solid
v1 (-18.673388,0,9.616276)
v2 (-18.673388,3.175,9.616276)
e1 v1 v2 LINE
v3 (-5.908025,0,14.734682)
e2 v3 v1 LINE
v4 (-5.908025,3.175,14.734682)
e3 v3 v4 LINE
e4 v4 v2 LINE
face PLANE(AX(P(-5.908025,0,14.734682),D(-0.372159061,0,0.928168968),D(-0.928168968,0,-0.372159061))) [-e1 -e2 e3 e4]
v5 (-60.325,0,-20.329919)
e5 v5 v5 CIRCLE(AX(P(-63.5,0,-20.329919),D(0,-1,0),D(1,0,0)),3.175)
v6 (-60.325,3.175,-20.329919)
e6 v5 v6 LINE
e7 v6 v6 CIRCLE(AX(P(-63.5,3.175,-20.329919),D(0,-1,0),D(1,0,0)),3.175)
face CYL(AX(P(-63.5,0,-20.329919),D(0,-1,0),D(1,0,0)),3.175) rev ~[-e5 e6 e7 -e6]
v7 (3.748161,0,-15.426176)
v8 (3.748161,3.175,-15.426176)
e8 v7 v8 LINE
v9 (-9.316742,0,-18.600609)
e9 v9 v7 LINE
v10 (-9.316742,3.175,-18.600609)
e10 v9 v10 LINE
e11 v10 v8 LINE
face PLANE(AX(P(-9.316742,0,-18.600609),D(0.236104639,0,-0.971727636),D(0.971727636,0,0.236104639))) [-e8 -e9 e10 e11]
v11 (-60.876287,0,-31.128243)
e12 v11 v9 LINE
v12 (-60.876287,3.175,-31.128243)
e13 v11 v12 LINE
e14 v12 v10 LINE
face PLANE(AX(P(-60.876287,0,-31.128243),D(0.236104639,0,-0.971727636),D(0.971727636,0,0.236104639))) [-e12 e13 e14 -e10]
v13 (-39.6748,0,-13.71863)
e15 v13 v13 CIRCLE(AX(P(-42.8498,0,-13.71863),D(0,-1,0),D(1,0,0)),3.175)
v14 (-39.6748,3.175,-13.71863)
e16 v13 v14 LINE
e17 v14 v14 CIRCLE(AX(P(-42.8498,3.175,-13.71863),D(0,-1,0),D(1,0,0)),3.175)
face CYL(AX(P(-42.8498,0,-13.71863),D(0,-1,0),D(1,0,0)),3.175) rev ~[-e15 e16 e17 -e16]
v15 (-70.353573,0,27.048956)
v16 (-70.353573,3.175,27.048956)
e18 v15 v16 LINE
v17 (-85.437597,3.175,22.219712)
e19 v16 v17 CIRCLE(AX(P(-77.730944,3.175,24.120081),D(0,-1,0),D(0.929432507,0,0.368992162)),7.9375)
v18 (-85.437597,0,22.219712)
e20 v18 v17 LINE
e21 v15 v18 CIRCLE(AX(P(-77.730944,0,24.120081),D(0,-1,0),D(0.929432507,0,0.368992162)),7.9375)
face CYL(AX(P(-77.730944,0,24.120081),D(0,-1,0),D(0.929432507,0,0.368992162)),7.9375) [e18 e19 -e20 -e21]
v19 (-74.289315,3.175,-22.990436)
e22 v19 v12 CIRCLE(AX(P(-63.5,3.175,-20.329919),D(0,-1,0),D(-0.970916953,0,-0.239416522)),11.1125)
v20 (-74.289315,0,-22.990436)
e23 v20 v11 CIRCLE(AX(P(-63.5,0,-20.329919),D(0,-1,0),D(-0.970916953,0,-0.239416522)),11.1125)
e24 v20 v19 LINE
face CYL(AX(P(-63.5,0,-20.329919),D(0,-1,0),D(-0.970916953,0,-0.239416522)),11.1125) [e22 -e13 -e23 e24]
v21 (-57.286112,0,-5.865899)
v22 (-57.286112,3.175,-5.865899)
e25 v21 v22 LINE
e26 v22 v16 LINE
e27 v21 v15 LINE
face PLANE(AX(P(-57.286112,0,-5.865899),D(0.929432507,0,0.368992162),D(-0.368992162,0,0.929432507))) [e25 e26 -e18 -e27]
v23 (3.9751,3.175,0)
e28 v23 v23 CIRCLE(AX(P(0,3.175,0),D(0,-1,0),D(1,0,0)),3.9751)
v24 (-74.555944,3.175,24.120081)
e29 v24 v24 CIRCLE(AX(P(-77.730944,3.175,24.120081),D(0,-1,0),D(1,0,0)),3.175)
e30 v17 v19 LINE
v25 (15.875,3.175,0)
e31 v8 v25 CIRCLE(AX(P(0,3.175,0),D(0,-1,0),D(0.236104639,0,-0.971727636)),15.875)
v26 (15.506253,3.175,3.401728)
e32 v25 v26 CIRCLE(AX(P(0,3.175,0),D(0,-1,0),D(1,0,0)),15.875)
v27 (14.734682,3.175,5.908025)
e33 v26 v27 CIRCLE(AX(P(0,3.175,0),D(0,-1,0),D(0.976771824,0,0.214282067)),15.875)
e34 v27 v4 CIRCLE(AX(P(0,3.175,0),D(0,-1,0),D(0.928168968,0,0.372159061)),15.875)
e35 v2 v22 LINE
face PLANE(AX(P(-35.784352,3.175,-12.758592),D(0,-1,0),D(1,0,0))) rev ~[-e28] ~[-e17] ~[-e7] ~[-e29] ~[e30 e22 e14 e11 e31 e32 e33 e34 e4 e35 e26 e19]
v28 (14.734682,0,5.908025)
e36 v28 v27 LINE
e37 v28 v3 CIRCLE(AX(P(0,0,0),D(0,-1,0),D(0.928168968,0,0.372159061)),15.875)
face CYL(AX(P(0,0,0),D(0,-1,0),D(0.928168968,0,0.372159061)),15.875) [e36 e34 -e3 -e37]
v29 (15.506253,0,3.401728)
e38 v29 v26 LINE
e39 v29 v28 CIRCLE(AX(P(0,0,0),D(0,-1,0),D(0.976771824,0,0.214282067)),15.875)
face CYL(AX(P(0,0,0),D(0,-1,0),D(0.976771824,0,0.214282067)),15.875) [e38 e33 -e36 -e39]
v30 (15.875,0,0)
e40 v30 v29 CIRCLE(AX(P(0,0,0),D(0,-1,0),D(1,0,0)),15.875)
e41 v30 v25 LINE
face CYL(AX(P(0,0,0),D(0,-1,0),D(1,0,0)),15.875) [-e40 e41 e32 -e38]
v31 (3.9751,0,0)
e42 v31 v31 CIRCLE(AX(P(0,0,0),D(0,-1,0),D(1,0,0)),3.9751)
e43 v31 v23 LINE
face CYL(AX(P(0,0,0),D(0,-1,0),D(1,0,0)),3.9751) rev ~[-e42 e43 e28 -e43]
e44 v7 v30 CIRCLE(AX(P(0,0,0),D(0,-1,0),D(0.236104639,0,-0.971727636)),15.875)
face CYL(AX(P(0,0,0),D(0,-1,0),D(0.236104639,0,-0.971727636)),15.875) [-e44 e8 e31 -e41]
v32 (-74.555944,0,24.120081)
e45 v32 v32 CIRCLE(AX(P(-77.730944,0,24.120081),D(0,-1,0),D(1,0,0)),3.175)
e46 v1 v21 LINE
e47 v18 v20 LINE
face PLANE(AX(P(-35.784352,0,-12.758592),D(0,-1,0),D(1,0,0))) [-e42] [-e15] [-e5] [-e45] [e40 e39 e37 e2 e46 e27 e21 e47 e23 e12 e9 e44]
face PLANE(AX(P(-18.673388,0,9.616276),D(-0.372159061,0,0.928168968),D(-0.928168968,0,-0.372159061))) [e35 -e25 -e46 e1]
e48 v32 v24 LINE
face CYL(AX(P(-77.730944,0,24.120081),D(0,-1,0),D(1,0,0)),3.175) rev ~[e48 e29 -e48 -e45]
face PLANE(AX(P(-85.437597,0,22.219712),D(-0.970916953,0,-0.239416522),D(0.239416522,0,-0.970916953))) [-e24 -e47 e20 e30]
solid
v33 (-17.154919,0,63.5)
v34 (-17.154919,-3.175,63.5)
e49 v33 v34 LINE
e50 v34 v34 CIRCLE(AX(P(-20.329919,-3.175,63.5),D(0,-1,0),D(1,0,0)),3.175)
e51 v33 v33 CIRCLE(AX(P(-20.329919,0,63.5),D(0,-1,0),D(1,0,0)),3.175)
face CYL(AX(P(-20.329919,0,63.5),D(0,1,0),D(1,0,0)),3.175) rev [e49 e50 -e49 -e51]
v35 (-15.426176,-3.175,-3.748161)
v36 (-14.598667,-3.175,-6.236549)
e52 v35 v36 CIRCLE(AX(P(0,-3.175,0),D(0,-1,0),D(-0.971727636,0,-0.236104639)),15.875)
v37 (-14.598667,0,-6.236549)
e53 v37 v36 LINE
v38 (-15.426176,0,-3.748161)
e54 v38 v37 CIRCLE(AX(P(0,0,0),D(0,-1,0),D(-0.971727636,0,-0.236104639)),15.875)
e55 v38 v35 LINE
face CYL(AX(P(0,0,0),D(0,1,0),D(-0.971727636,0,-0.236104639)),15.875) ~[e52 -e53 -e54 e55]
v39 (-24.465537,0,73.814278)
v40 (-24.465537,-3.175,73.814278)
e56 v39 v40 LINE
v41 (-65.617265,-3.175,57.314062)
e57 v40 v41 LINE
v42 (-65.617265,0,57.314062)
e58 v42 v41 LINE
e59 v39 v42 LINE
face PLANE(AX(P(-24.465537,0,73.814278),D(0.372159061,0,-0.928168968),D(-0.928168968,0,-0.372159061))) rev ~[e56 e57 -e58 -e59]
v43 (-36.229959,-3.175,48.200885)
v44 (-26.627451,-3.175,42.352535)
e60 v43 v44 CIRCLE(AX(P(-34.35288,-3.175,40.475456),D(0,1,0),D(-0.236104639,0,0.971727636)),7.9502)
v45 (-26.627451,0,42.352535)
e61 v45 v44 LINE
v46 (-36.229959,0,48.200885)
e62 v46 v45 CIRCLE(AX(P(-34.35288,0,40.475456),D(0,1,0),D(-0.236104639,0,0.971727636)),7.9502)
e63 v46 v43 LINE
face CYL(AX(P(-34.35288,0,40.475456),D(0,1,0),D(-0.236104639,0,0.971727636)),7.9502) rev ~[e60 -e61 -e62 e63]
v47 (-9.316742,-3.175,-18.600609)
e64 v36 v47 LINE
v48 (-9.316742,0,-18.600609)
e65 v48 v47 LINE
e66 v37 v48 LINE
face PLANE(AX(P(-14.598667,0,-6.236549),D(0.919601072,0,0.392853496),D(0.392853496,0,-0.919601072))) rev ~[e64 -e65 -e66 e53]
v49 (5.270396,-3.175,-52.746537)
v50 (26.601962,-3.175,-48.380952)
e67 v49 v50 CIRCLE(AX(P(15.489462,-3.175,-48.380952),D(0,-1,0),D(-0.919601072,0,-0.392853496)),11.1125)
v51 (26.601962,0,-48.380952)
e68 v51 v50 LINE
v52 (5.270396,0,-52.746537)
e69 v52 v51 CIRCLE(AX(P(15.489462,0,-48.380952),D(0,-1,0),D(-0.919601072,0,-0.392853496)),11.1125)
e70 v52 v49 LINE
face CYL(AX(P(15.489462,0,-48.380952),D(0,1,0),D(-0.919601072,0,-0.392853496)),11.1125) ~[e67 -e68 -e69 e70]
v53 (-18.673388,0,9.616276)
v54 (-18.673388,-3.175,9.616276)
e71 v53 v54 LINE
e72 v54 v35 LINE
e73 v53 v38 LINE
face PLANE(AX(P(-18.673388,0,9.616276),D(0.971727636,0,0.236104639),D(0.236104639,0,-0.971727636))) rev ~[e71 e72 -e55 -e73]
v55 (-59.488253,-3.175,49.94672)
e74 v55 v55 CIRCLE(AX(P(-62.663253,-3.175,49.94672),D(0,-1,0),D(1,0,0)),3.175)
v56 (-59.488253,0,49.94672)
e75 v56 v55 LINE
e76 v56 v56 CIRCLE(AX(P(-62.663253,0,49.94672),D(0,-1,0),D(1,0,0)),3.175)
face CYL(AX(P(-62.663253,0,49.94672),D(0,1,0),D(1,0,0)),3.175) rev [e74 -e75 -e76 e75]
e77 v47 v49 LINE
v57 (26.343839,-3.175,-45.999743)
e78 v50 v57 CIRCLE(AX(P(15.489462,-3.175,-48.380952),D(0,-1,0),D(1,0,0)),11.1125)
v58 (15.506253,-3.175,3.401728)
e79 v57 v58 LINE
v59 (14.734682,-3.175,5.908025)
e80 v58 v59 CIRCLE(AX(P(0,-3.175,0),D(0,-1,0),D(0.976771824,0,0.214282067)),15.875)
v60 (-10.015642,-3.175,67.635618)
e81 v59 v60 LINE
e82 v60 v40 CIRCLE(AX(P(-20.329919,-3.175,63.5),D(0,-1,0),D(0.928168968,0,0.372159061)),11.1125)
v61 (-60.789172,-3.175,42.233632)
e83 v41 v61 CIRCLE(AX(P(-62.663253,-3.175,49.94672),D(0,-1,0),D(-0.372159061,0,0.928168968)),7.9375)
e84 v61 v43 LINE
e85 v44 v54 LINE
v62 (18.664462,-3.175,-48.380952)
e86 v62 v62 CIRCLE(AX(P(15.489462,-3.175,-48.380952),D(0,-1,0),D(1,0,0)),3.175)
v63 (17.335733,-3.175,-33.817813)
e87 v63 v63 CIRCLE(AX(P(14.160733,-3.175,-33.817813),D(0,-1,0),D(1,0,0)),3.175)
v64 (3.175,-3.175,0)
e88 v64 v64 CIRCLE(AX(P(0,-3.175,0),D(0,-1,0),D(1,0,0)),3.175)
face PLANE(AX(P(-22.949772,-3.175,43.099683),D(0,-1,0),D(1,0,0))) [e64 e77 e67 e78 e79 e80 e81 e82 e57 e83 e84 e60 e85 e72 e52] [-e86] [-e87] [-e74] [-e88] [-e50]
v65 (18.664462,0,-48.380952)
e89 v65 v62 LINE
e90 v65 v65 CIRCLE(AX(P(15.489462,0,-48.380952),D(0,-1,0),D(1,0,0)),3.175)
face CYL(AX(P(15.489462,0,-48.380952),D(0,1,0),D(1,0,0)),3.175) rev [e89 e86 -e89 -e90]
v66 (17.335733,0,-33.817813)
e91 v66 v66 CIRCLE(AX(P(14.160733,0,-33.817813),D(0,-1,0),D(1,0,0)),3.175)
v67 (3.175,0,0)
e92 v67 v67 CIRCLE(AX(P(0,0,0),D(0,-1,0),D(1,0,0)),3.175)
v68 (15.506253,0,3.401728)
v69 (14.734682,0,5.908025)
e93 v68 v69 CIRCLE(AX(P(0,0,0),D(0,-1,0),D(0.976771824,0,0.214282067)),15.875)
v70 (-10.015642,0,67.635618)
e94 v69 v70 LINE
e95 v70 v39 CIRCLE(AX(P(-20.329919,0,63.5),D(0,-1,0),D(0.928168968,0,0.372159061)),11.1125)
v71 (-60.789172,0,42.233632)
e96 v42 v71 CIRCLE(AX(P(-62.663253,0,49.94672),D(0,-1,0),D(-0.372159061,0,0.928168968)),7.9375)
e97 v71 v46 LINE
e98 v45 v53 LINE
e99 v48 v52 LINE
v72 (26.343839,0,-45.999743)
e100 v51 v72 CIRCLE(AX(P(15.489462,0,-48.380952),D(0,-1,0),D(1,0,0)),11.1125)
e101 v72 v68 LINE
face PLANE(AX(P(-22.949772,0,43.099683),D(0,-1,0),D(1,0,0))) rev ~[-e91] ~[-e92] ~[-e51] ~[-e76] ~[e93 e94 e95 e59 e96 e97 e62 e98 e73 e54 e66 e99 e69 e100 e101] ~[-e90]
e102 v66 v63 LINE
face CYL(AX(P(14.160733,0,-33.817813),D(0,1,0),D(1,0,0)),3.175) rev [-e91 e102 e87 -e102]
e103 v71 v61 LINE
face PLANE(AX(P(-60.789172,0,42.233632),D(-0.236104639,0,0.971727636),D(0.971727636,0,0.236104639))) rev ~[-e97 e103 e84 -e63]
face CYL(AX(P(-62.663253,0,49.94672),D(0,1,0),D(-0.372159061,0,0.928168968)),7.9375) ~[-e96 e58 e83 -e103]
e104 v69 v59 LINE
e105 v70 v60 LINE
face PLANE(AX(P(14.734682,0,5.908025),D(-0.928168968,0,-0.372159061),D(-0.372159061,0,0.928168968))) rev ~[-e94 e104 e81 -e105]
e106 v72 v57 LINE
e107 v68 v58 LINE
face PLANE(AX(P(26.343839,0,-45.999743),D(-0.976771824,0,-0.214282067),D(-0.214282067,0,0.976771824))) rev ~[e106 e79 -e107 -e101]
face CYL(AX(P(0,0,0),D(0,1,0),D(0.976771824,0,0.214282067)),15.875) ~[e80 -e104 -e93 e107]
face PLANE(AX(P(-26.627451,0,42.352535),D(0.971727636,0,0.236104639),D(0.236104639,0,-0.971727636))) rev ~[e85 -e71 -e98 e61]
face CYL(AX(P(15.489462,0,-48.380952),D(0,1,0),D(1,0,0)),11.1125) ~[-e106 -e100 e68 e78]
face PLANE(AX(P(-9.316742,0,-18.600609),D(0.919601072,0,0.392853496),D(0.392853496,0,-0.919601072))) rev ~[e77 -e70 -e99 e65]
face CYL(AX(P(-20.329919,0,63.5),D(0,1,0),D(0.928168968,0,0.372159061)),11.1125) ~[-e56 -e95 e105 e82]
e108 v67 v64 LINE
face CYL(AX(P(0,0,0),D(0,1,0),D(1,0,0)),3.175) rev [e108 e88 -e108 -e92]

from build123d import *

# Parameters (mm, degrees)
F0_R     = 3.175
F0_R_2   = 3.9751
F1_DEPTH = 3.175
F2_DEPTH = 3.175


with BuildPart() as f1:
    # F0 (on Front) → F1 (new body)
    with BuildSketch(Plane.XZ):
        with BuildLine():
            ThreePointArc((-65.6172653325, 57.3140615488), (-58.215982182, 56.5213450997), (-54.7257527872, 49.9467203641))
            ThreePointArc((-54.7257527872, 49.9467203641), (-56.4230836871, 45.0411932922), (-60.7891722147, 42.2336322499))
            Line((-60.7891722147, 42.2336322499), (-36.2299590675, 48.2008847372))
            ThreePointArc((-36.2299590675, 48.2008847372), (-30.217472055, 47.2654543159), (-26.6274509109, 42.3525347834))
            Line((-26.6274509109, 42.3525347834), (-18.6733882929, 9.6162764074))
            Line((-18.6733882929, 9.6162764074), (-5.9080250905, 14.7346823695))
            ThreePointArc((-5.9080250905, 14.7346823695), (6.2413892171, 14.596598427), (14.7346823695, 5.9080250905))
            Line((14.7346823695, 5.9080250905), (-10.0156417952, 67.6356175634))
            ThreePointArc((-10.0156417952, 67.6356175634), (-9.418799742, 65.6059731442), (-9.2174194538, 63.5))
            ThreePointArc((-9.2174194538, 63.5), (-26.5560983011, 54.2955253702), (-24.4655370172, 73.8142776586))
            Line((-24.4655370172, 73.8142776586), (-65.6172653325, 57.3140615488))
        make_face()
        with BuildLine():
            Line((26.343839333, -45.9997429117), (15.5062527029, 3.4017278132))
            ThreePointArc((15.5062527029, 3.4017278132), (15.7825439435, 1.7108277736), (15.875, 0))
            ThreePointArc((15.875, 0), (12.4803382001, -9.8110541438), (3.748161145, -15.4261762285))
            Line((3.748161145, -15.4261762285), (-9.3167417356, -18.6006091284))
            Line((-9.3167417356, -18.6006091284), (5.270395532, -52.7465368502))
            ThreePointArc((5.270395532, -52.7465368502), (12.1011425321, -37.7976190476), (26.343839333, -45.9997429117))
        make_face()
        with Locations((14.1607330189, -33.8178133593)):
            Circle(F0_R, mode=Mode.SUBTRACT)
        with BuildLine():
            ThreePointArc((15.5062527029, 3.4017278132), (15.1723076697, 4.6708355759), (14.7346823695, 5.9080250905))
            ThreePointArc((14.7346823695, 5.9080250905), (6.2413892171, 14.596598427), (-5.9080250905, 14.7346823695))
            ThreePointArc((-5.9080250905, 14.7346823695), (-14.1135010743, 7.2680611187), (-15.4261762285, -3.748161145))
            ThreePointArc((-15.4261762285, -3.748161145), (-15.0638913216, -5.0094713546), (-14.598667013, -6.2365492417))
            ThreePointArc((-14.598667013, -6.2365492417), (-7.1095485396, -14.1940108695), (3.748161145, -15.4261762285))
            ThreePointArc((3.748161145, -15.4261762285), (12.4803382001, -9.8110541438), (15.875, 0))
            ThreePointArc((15.875, 0), (15.7825439435, 1.7108277736), (15.5062527029, 3.4017278132))
        make_face()
        Circle(F0_R_2, mode=Mode.SUBTRACT)
        Circle(F0_R_2)
        Circle(F0_R, mode=Mode.SUBTRACT)
        with BuildLine():
            ThreePointArc((26.601962441, -48.380952381), (26.5372432015, -47.1833729394), (26.343839333, -45.9997429117))
            ThreePointArc((26.343839333, -45.9997429117), (12.1011425321, -37.7976190476), (5.270395532, -52.7465368502))
            ThreePointArc((5.270395532, -52.7465368502), (17.7174969137, -59.2678031027), (26.601962441, -48.380952381))
        make_face()
        with Locations((15.489462441, -48.380952381)):
            Circle(F0_R, mode=Mode.SUBTRACT)
        with BuildLine():
            ThreePointArc((-10.0156417952, 67.6356175634), (-15.9609470018, 73.7176188989), (-24.4655370172, 73.8142776586))
            ThreePointArc((-24.4655370172, 73.8142776586), (-26.5560983011, 54.2955253702), (-9.2174194538, 63.5))
            ThreePointArc((-9.2174194538, 63.5), (-9.418799742, 65.6059731442), (-10.0156417952, 67.6356175634))
        make_face()
        with Locations((-20.3299194538, 63.5)):
            Circle(F0_R, mode=Mode.SUBTRACT)
        with BuildLine():
            ThreePointArc((-60.7891722147, 42.2336322499), (-56.4230836871, 45.0411932922), (-54.7257527872, 49.9467203641))
            ThreePointArc((-54.7257527872, 49.9467203641), (-58.215982182, 56.5213450997), (-65.6172653325, 57.3140615488))
            ThreePointArc((-65.6172653325, 57.3140615488), (-70.2227765967, 47.5264918577), (-60.7891722147, 42.2336322499))
        make_face()
        with Locations((-62.6632527872, 49.9467203641)):
            Circle(F0_R, mode=Mode.SUBTRACT)
        with BuildLine():
            Line((-5.9080250905, 14.7346823695), (-18.6733882929, 9.6162764074))
            Line((-18.6733882929, 9.6162764074), (-15.4261762285, -3.748161145))
            ThreePointArc((-15.4261762285, -3.748161145), (-14.1135010743, 7.2680611187), (-5.9080250905, 14.7346823695))
        make_face()
        with BuildLine():
            ThreePointArc((3.748161145, -15.4261762285), (-7.1095485396, -14.1940108695), (-14.598667013, -6.2365492417))
            Line((-14.598667013, -6.2365492417), (-9.3167417356, -18.6006091284))
            Line((-9.3167417356, -18.6006091284), (3.748161145, -15.4261762285))
        make_face()
    extrude(amount=F1_DEPTH)


with BuildPart() as f2:
    # F0 (on Front) → F2 (new body)
    with BuildSketch(Plane.XZ):
        with BuildLine():
            Line((-15.4261762285, -3.748161145), (-18.6733882929, 9.6162764074))
            Line((-18.6733882929, 9.6162764074), (-57.2861116204, -5.8658990826))
            Line((-57.2861116204, -5.8658990826), (-53.1716812698, -16.2294940542))
            ThreePointArc((-53.1716812698, -16.2294940542), (-52.5853058188, -18.2425509716), (-52.3875, -20.3299194538))
            ThreePointArc((-52.3875, -20.3299194538), (-54.7637632599, -27.1976573545), (-60.8762871985, -31.1282428138))
            Line((-60.8762871985, -31.1282428138), (-9.3167417356, -18.6006091284))
            Line((-9.3167417356, -18.6006091284), (-14.598667013, -6.2365492417))
            ThreePointArc((-14.598667013, -6.2365492417), (-15.0638913216, -5.0094713546), (-15.4261762285, -3.748161145))
        make_face()
        with Locations((-42.8498, -13.7186296475)):
            Circle(F0_R, mode=Mode.SUBTRACT)
        with BuildLine():
            Line((-67.6356175634, -10.0156417952), (-57.2861116204, -5.8658990826))
            Line((-57.2861116204, -5.8658990826), (-70.3535730961, 27.0489558316))
            ThreePointArc((-70.3535730961, 27.0489558316), (-69.9347334883, 25.6110580334), (-69.7934436177, 24.1200805462))
            ThreePointArc((-69.7934436177, 24.1200805462), (-76.7737744608, 16.2405035616), (-85.4375969292, 22.2197119014))
            Line((-85.4375969292, 22.2197119014), (-74.2893146361, -22.9904355564))
            ThreePointArc((-74.2893146361, -22.9904355564), (-73.3881099598, -15.2591268459), (-67.6356175634, -10.0156417952))
        make_face()
        with BuildLine():
            ThreePointArc((-52.3875, -20.3299194538), (-52.5853058188, -18.2425509716), (-53.1716812698, -16.2294940542))
            ThreePointArc((-53.1716812698, -16.2294940542), (-59.1136145963, -10.1197637577), (-67.6356175634, -10.0156417952))
            ThreePointArc((-67.6356175634, -10.0156417952), (-73.3881099598, -15.2591268459), (-74.2893146361, -22.9904355564))
            ThreePointArc((-74.2893146361, -22.9904355564), (-69.2641339393, -29.8305729145), (-60.8762871985, -31.1282428138))
            ThreePointArc((-60.8762871985, -31.1282428138), (-54.7637632599, -27.1976573545), (-52.3875, -20.3299194538))
        make_face()
        with Locations((-63.5, -20.3299194538)):
            Circle(F0_R, mode=Mode.SUBTRACT)
        with BuildLine():
            Line((-53.1716812698, -16.2294940542), (-57.2861116204, -5.8658990826))
            Line((-57.2861116204, -5.8658990826), (-67.6356175634, -10.0156417952))
            ThreePointArc((-67.6356175634, -10.0156417952), (-59.1136145963, -10.1197637577), (-53.1716812698, -16.2294940542))
        make_face()
        with BuildLine():
            ThreePointArc((-69.7934436177, 24.1200805462), (-69.9347334883, 25.6110580334), (-70.3535730961, 27.0489558316))
            ThreePointArc((-70.3535730961, 27.0489558316), (-80.1511721241, 31.6796043557), (-85.4375969292, 22.2197119014))
            ThreePointArc((-85.4375969292, 22.2197119014), (-76.7737744608, 16.2405035616), (-69.7934436177, 24.1200805462))
        make_face()
        with Locations((-77.7309436177, 24.1200805462)):
            Circle(F0_R, mode=Mode.SUBTRACT)
        with BuildLine():
            ThreePointArc((15.5062527029, 3.4017278132), (15.1723076697, 4.6708355759), (14.7346823695, 5.9080250905))
            ThreePointArc((14.7346823695, 5.9080250905), (6.2413892171, 14.596598427), (-5.9080250905, 14.7346823695))
            ThreePointArc((-5.9080250905, 14.7346823695), (-14.1135010743, 7.2680611187), (-15.4261762285, -3.748161145))
            ThreePointArc((-15.4261762285, -3.748161145), (-15.0638913216, -5.0094713546), (-14.598667013, -6.2365492417))
            ThreePointArc((-14.598667013, -6.2365492417), (-7.1095485396, -14.1940108695), (3.748161145, -15.4261762285))
            ThreePointArc((3.748161145, -15.4261762285), (12.4803382001, -9.8110541438), (15.875, 0))
            ThreePointArc((15.875, 0), (15.7825439435, 1.7108277736), (15.5062527029, 3.4017278132))
        make_face()
        Circle(F0_R_2, mode=Mode.SUBTRACT)
        with BuildLine():
            ThreePointArc((3.748161145, -15.4261762285), (-7.1095485396, -14.1940108695), (-14.598667013, -6.2365492417))
            Line((-14.598667013, -6.2365492417), (-9.3167417356, -18.6006091284))
            Line((-9.3167417356, -18.6006091284), (3.748161145, -15.4261762285))
        make_face()
        with BuildLine():
            Line((-5.9080250905, 14.7346823695), (-18.6733882929, 9.6162764074))
            Line((-18.6733882929, 9.6162764074), (-15.4261762285, -3.748161145))
            ThreePointArc((-15.4261762285, -3.748161145), (-14.1135010743, 7.2680611187), (-5.9080250905, 14.7346823695))
        make_face()
    extrude(amount=-F2_DEPTH)


solid = Compound([f1.part, f2.part])
